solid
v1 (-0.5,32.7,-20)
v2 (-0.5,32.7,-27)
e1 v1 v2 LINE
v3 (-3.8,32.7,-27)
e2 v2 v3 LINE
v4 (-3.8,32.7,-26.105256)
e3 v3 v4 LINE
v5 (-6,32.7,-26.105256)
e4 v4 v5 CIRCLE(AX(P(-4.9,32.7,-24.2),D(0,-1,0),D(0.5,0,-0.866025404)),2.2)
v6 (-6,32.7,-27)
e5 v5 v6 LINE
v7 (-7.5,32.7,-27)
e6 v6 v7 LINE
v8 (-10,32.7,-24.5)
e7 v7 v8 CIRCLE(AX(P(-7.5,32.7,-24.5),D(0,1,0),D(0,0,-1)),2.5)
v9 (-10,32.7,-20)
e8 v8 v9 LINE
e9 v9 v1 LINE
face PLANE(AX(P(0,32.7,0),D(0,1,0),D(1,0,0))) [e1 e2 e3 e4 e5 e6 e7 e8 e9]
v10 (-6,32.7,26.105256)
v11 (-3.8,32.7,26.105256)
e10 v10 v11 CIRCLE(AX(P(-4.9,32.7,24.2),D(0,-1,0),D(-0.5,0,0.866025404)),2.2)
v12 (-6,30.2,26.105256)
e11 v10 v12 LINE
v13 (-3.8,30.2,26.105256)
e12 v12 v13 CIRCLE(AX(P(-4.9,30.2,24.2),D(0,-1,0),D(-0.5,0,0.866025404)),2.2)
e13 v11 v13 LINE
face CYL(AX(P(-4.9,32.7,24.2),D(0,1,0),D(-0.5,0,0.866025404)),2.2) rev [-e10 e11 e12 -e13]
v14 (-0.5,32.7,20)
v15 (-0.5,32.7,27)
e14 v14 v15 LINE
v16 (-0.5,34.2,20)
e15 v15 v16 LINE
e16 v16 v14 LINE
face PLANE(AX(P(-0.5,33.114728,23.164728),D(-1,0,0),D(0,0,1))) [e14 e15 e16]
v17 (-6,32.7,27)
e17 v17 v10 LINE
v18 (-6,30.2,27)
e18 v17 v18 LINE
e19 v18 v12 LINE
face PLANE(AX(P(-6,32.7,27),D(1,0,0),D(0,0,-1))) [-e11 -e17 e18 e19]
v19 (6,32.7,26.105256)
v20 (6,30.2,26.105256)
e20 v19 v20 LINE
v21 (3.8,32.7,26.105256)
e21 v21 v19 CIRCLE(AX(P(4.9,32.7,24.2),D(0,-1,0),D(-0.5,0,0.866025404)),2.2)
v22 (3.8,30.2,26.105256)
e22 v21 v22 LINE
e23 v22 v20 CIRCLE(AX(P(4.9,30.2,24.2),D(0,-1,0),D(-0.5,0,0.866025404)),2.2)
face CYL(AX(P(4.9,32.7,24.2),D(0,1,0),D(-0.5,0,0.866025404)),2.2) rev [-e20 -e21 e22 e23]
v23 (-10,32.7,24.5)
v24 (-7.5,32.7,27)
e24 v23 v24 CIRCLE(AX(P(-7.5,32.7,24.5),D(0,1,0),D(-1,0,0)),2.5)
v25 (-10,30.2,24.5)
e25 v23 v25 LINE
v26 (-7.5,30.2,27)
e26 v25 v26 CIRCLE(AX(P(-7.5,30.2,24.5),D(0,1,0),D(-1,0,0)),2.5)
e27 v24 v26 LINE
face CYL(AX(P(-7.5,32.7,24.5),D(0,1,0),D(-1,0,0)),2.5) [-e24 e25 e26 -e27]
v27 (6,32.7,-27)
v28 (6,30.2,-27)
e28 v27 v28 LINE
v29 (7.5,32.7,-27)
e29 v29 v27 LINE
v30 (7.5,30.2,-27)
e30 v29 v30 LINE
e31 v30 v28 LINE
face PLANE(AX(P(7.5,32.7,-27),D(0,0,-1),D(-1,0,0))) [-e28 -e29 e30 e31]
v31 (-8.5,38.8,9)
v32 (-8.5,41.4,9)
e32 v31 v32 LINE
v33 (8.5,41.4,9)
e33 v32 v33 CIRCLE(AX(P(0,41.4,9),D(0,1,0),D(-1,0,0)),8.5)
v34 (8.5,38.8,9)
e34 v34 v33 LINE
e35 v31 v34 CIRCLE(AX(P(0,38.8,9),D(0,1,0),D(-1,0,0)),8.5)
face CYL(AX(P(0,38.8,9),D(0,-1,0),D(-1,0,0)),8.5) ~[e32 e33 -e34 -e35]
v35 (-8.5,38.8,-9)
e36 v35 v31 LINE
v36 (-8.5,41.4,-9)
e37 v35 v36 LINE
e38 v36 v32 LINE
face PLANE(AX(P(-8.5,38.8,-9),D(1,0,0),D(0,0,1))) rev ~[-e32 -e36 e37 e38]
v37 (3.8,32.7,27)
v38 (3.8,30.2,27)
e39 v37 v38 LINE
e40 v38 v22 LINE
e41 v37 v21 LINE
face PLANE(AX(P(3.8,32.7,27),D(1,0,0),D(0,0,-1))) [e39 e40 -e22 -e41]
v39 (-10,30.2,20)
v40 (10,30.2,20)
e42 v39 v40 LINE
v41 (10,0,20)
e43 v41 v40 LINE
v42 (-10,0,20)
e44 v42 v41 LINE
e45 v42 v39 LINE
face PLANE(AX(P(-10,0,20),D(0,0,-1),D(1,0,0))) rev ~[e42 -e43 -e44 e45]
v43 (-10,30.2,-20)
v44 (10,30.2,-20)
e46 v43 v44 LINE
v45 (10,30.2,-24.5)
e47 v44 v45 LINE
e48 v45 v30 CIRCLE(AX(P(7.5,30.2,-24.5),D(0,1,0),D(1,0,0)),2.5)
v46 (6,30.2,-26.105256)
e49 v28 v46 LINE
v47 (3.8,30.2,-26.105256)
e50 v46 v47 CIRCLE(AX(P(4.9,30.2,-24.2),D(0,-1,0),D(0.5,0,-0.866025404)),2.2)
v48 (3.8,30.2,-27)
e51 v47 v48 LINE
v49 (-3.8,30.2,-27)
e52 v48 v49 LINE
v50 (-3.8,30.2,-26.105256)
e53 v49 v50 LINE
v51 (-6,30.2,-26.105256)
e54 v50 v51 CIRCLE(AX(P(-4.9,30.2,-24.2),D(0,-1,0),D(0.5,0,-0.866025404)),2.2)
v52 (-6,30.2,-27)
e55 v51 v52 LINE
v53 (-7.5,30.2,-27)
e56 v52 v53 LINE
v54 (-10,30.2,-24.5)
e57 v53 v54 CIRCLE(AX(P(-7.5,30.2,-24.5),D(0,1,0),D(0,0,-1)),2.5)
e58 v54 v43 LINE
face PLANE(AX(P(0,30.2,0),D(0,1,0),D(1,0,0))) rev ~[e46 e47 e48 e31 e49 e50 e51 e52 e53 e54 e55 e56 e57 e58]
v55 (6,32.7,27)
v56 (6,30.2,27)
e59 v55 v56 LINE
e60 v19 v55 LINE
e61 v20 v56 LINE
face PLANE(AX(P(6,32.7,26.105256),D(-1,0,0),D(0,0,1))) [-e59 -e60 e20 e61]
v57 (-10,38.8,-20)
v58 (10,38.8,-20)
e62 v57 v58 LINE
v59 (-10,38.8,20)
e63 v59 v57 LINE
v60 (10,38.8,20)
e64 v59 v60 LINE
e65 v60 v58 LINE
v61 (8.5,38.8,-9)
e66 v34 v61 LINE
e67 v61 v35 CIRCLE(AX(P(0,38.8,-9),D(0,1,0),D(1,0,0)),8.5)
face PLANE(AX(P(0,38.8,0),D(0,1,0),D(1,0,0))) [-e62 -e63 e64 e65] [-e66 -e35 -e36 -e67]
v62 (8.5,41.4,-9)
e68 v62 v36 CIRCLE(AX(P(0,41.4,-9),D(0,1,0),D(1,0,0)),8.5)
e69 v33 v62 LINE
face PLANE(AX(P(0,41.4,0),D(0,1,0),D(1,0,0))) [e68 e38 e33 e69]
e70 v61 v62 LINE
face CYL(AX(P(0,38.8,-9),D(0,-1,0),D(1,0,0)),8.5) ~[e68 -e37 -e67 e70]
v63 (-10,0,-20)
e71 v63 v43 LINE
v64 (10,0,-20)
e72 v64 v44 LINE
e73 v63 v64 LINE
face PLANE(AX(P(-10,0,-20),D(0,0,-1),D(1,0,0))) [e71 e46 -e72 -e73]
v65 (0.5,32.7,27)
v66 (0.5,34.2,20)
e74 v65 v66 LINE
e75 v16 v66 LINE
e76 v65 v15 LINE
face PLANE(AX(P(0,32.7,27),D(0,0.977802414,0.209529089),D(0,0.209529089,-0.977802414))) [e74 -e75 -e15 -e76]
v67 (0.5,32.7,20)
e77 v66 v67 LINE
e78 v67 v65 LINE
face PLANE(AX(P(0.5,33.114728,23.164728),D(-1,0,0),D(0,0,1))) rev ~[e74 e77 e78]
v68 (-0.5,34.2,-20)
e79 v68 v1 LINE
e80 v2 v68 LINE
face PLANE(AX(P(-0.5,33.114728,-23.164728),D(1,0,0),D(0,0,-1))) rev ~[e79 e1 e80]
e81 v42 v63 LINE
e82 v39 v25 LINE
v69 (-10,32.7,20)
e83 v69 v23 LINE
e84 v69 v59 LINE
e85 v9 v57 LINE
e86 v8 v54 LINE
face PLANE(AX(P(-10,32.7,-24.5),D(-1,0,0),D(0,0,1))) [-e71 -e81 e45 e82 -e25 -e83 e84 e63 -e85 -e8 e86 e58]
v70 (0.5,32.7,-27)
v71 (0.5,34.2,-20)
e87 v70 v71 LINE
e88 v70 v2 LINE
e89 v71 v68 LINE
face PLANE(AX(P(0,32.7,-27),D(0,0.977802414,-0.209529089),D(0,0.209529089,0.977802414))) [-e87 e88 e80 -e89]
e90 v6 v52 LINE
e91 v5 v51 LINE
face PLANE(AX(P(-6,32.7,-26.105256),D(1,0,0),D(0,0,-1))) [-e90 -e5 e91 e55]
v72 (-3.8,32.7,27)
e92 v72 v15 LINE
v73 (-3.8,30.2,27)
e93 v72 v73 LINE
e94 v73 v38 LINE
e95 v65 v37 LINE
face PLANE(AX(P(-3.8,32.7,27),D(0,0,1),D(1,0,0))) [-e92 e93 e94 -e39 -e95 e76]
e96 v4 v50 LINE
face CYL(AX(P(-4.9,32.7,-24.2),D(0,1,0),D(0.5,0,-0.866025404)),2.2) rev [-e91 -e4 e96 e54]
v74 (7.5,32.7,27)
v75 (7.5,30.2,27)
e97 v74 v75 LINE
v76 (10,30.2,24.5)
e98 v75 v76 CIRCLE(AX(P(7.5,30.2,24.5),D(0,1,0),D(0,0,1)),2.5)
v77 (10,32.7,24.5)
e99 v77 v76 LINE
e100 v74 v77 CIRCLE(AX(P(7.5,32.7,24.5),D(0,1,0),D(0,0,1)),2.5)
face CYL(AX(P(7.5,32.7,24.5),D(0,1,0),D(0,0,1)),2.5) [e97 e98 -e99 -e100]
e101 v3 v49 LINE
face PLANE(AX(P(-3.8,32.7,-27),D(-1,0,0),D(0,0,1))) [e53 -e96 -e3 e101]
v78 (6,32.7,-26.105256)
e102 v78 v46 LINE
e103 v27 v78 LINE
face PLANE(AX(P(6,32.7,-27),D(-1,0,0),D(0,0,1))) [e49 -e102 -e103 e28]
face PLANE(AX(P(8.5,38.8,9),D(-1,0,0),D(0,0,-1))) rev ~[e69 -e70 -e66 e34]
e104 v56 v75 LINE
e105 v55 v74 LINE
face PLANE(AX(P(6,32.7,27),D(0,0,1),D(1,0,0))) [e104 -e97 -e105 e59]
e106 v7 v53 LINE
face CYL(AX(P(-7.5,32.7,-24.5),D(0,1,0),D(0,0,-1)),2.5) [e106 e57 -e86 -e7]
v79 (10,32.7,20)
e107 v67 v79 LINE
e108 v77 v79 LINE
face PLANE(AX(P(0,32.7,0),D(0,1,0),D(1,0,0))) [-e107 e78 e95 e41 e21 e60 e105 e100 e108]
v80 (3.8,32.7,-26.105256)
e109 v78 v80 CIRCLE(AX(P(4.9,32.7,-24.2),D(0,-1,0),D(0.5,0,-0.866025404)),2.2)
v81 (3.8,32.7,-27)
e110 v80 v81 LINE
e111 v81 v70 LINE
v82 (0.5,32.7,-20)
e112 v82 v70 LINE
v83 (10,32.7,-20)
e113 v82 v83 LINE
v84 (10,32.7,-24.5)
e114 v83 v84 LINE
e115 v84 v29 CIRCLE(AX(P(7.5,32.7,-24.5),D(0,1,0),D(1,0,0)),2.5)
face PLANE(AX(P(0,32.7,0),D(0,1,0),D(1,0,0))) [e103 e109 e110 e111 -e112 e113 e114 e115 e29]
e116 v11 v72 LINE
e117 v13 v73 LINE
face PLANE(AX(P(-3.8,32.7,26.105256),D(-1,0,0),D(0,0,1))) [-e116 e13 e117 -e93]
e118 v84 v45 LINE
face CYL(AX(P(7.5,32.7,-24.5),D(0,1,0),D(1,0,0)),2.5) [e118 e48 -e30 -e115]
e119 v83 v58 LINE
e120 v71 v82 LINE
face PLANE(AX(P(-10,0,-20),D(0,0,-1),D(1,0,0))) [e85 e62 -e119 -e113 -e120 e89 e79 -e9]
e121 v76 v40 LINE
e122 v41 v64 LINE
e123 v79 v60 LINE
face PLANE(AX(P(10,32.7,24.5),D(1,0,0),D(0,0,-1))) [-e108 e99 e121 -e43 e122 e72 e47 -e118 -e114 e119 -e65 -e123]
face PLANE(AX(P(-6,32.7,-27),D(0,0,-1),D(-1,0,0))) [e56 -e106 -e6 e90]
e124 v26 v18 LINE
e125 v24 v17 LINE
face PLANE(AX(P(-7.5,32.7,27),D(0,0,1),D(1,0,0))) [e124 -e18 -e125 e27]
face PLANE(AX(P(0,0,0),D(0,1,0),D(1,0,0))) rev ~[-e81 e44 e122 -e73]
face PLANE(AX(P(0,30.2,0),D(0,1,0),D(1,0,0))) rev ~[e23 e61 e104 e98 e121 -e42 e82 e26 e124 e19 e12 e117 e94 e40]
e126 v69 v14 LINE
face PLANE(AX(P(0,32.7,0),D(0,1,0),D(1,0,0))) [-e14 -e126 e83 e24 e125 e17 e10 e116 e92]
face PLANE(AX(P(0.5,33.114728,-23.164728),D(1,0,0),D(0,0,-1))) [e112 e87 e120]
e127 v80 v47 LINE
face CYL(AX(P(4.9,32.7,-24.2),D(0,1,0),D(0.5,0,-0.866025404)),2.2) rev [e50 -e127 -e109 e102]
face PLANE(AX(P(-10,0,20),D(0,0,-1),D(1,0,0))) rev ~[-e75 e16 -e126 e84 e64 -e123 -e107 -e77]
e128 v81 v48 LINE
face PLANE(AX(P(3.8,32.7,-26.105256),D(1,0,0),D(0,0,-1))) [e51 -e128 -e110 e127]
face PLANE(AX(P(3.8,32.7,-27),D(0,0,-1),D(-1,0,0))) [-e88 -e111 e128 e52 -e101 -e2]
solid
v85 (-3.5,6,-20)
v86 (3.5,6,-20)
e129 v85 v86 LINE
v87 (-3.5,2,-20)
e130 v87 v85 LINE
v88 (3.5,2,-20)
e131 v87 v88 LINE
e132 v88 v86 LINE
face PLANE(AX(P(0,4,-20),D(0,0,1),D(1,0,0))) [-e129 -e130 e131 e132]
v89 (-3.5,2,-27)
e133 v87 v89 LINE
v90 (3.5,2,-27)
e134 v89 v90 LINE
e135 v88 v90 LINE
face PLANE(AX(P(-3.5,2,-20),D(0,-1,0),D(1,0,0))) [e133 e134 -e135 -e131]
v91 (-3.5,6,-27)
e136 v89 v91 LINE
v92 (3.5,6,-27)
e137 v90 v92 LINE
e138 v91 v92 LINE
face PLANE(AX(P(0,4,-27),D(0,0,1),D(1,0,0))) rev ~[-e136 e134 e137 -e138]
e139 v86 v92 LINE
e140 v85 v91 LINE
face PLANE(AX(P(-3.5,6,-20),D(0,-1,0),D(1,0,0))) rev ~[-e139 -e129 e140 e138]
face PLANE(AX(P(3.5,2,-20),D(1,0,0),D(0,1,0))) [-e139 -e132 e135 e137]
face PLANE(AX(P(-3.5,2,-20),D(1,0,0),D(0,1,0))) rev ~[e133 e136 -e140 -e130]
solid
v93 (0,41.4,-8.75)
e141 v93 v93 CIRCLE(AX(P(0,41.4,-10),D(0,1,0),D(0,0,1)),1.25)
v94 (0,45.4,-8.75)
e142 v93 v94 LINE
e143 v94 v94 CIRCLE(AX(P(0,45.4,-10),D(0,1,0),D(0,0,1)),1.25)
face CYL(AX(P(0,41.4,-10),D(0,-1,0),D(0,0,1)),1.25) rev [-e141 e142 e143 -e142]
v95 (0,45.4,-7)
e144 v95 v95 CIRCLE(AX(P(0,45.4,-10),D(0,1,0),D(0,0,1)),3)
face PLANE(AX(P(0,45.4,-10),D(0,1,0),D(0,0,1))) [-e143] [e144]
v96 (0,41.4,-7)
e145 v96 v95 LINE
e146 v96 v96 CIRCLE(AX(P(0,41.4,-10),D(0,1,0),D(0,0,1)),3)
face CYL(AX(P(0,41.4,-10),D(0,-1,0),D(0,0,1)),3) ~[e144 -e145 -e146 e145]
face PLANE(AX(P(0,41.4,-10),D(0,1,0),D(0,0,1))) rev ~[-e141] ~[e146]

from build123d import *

# Parameters (mm, degrees)
SKETCH_1_W      = 20
SKETCH_1_H      = 40
EXTRUDE_1_DEPTH = 38.8
EXTRUDE_START   = 32.7
EXTRUDE_2_DEPTH = 2.5
EXTRUDE_3_DEPTH = 0.5
EXTRUDE_START_2 = 38.8
EXTRUDE_4_DEPTH = 2.6
EXTRUDE_START_3 = 41.4
SKETCH_5_R      = 3
SKETCH_5_R_2    = 1.25
EXTRUDE_5_DEPTH = 4
EXTRUDE_START_4 = -20
SKETCH_6_W      = 7
SKETCH_6_H      = 4
EXTRUDE_6_DEPTH = 7


with BuildPart() as part:
    # 草图1 → 凸台-拉伸1 (new body)
    with BuildSketch(Plane(origin=(0, 0, 0), x_dir=(1, 0, 0), z_dir=(0, 1, 0))):
        Rectangle(SKETCH_1_W, SKETCH_1_H)
    extrude(amount=EXTRUDE_1_DEPTH)

    # 草图2 → 凸台-拉伸2 (add)
    with BuildSketch(Plane(origin=(0, 0, 0), x_dir=(1, 0, 0), z_dir=(0, 1, 0)).offset(EXTRUDE_START)):
        with BuildLine():
            Line((-7.5, -27), (-6, -27))
            Line((-6, -27), (-6, -26.105255888))
            ThreePointArc((-6, -26.105255888), (-4.9, -22), (-3.8, -26.105255888))
            Line((-3.8, -26.105255888), (-3.8, -27))
            Line((-3.8, -27), (3.8, -27))
            Line((3.8, -27), (3.8, -26.105255888))
            ThreePointArc((3.8, -26.105255888), (4.9, -22), (6, -26.105255888))
            Line((6, -26.105255888), (6, -27))
            Line((6, -27), (7.5, -27))
            ThreePointArc((7.5, -27), (9.267766953, -26.267766953), (10, -24.5))
            Line((10, -24.5), (10, 24.5))
            ThreePointArc((10, 24.5), (9.267766953, 26.267766953), (7.5, 27))
            Line((7.5, 27), (6, 27))
            Line((6, 27), (6, 26.105255888))
            ThreePointArc((6, 26.105255888), (4.9, 22), (3.8, 26.105255888))
            Line((3.8, 26.105255888), (3.8, 27))
            Line((3.8, 27), (-3.8, 27))
            Line((-3.8, 27), (-3.8, 26.105255888))
            ThreePointArc((-3.8, 26.105255888), (-4.9, 22), (-6, 26.105255888))
            Line((-6, 26.105255888), (-6, 27))
            Line((-6, 27), (-7.5, 27))
            ThreePointArc((-7.5, 27), (-9.267766953, 26.267766953), (-10, 24.5))
            Line((-10, 24.5), (-10, -24.5))
            ThreePointArc((-10, -24.5), (-9.267766953, -26.267766953), (-7.5, -27))
        make_face()
    extrude(amount=-EXTRUDE_2_DEPTH)

    # 草图3 → 凸台-拉伸3 (add, symmetric)
    with BuildSketch(Plane(origin=(0, 0, 0), x_dir=(0, 0, -1), z_dir=(1, 0, 0))):
        Polygon((-20, 32.7), (-27, 32.7), (-20, 34.2), align=None)
        Polygon((20, 34.2), (20, 32.7), (27, 32.7), align=None)
    extrude(amount=EXTRUDE_3_DEPTH, both=True)

    # 草图4 → 凸台-拉伸4 (add)
    with BuildSketch(Plane(origin=(0, 0, 0), x_dir=(1, 0, 0), z_dir=(0, 1, 0)).offset(EXTRUDE_START_2)):
        with BuildLine():
            Line((8.5, -9), (8.5, 9))
            ThreePointArc((8.5, 9), (0, 17.5), (-8.5, 9))
            Line((-8.5, 9), (-8.5, -9))
            ThreePointArc((-8.5, -9), (0, -17.5), (8.5, -9))
        make_face()
    extrude(amount=EXTRUDE_4_DEPTH)


with BuildPart() as body_2:
    # 草图5 → 凸台-拉伸5 (new body)
    with BuildSketch(Plane(origin=(0, 0, 0), x_dir=(1, 0, 0), z_dir=(0, 1, 0)).offset(EXTRUDE_START_3)):
        with Locations(Location((0, 10, 0), (0, 0, 270))):
            Circle(SKETCH_5_R)
        with Locations(Location((0, 10, 0), (0, 0, 270))):
            Circle(SKETCH_5_R_2, mode=Mode.SUBTRACT)
    extrude(amount=EXTRUDE_5_DEPTH)


with BuildPart() as body_3:
    # 草图6 → 凸台-拉伸6 (new body)
    with BuildSketch(Plane.XY.offset(EXTRUDE_START_4)):
        with Locations((0, 4)):
            Rectangle(SKETCH_6_W, SKETCH_6_H)
    extrude(amount=-EXTRUDE_6_DEPTH)


solid = Compound([part.part, body_2.part, body_3.part])
